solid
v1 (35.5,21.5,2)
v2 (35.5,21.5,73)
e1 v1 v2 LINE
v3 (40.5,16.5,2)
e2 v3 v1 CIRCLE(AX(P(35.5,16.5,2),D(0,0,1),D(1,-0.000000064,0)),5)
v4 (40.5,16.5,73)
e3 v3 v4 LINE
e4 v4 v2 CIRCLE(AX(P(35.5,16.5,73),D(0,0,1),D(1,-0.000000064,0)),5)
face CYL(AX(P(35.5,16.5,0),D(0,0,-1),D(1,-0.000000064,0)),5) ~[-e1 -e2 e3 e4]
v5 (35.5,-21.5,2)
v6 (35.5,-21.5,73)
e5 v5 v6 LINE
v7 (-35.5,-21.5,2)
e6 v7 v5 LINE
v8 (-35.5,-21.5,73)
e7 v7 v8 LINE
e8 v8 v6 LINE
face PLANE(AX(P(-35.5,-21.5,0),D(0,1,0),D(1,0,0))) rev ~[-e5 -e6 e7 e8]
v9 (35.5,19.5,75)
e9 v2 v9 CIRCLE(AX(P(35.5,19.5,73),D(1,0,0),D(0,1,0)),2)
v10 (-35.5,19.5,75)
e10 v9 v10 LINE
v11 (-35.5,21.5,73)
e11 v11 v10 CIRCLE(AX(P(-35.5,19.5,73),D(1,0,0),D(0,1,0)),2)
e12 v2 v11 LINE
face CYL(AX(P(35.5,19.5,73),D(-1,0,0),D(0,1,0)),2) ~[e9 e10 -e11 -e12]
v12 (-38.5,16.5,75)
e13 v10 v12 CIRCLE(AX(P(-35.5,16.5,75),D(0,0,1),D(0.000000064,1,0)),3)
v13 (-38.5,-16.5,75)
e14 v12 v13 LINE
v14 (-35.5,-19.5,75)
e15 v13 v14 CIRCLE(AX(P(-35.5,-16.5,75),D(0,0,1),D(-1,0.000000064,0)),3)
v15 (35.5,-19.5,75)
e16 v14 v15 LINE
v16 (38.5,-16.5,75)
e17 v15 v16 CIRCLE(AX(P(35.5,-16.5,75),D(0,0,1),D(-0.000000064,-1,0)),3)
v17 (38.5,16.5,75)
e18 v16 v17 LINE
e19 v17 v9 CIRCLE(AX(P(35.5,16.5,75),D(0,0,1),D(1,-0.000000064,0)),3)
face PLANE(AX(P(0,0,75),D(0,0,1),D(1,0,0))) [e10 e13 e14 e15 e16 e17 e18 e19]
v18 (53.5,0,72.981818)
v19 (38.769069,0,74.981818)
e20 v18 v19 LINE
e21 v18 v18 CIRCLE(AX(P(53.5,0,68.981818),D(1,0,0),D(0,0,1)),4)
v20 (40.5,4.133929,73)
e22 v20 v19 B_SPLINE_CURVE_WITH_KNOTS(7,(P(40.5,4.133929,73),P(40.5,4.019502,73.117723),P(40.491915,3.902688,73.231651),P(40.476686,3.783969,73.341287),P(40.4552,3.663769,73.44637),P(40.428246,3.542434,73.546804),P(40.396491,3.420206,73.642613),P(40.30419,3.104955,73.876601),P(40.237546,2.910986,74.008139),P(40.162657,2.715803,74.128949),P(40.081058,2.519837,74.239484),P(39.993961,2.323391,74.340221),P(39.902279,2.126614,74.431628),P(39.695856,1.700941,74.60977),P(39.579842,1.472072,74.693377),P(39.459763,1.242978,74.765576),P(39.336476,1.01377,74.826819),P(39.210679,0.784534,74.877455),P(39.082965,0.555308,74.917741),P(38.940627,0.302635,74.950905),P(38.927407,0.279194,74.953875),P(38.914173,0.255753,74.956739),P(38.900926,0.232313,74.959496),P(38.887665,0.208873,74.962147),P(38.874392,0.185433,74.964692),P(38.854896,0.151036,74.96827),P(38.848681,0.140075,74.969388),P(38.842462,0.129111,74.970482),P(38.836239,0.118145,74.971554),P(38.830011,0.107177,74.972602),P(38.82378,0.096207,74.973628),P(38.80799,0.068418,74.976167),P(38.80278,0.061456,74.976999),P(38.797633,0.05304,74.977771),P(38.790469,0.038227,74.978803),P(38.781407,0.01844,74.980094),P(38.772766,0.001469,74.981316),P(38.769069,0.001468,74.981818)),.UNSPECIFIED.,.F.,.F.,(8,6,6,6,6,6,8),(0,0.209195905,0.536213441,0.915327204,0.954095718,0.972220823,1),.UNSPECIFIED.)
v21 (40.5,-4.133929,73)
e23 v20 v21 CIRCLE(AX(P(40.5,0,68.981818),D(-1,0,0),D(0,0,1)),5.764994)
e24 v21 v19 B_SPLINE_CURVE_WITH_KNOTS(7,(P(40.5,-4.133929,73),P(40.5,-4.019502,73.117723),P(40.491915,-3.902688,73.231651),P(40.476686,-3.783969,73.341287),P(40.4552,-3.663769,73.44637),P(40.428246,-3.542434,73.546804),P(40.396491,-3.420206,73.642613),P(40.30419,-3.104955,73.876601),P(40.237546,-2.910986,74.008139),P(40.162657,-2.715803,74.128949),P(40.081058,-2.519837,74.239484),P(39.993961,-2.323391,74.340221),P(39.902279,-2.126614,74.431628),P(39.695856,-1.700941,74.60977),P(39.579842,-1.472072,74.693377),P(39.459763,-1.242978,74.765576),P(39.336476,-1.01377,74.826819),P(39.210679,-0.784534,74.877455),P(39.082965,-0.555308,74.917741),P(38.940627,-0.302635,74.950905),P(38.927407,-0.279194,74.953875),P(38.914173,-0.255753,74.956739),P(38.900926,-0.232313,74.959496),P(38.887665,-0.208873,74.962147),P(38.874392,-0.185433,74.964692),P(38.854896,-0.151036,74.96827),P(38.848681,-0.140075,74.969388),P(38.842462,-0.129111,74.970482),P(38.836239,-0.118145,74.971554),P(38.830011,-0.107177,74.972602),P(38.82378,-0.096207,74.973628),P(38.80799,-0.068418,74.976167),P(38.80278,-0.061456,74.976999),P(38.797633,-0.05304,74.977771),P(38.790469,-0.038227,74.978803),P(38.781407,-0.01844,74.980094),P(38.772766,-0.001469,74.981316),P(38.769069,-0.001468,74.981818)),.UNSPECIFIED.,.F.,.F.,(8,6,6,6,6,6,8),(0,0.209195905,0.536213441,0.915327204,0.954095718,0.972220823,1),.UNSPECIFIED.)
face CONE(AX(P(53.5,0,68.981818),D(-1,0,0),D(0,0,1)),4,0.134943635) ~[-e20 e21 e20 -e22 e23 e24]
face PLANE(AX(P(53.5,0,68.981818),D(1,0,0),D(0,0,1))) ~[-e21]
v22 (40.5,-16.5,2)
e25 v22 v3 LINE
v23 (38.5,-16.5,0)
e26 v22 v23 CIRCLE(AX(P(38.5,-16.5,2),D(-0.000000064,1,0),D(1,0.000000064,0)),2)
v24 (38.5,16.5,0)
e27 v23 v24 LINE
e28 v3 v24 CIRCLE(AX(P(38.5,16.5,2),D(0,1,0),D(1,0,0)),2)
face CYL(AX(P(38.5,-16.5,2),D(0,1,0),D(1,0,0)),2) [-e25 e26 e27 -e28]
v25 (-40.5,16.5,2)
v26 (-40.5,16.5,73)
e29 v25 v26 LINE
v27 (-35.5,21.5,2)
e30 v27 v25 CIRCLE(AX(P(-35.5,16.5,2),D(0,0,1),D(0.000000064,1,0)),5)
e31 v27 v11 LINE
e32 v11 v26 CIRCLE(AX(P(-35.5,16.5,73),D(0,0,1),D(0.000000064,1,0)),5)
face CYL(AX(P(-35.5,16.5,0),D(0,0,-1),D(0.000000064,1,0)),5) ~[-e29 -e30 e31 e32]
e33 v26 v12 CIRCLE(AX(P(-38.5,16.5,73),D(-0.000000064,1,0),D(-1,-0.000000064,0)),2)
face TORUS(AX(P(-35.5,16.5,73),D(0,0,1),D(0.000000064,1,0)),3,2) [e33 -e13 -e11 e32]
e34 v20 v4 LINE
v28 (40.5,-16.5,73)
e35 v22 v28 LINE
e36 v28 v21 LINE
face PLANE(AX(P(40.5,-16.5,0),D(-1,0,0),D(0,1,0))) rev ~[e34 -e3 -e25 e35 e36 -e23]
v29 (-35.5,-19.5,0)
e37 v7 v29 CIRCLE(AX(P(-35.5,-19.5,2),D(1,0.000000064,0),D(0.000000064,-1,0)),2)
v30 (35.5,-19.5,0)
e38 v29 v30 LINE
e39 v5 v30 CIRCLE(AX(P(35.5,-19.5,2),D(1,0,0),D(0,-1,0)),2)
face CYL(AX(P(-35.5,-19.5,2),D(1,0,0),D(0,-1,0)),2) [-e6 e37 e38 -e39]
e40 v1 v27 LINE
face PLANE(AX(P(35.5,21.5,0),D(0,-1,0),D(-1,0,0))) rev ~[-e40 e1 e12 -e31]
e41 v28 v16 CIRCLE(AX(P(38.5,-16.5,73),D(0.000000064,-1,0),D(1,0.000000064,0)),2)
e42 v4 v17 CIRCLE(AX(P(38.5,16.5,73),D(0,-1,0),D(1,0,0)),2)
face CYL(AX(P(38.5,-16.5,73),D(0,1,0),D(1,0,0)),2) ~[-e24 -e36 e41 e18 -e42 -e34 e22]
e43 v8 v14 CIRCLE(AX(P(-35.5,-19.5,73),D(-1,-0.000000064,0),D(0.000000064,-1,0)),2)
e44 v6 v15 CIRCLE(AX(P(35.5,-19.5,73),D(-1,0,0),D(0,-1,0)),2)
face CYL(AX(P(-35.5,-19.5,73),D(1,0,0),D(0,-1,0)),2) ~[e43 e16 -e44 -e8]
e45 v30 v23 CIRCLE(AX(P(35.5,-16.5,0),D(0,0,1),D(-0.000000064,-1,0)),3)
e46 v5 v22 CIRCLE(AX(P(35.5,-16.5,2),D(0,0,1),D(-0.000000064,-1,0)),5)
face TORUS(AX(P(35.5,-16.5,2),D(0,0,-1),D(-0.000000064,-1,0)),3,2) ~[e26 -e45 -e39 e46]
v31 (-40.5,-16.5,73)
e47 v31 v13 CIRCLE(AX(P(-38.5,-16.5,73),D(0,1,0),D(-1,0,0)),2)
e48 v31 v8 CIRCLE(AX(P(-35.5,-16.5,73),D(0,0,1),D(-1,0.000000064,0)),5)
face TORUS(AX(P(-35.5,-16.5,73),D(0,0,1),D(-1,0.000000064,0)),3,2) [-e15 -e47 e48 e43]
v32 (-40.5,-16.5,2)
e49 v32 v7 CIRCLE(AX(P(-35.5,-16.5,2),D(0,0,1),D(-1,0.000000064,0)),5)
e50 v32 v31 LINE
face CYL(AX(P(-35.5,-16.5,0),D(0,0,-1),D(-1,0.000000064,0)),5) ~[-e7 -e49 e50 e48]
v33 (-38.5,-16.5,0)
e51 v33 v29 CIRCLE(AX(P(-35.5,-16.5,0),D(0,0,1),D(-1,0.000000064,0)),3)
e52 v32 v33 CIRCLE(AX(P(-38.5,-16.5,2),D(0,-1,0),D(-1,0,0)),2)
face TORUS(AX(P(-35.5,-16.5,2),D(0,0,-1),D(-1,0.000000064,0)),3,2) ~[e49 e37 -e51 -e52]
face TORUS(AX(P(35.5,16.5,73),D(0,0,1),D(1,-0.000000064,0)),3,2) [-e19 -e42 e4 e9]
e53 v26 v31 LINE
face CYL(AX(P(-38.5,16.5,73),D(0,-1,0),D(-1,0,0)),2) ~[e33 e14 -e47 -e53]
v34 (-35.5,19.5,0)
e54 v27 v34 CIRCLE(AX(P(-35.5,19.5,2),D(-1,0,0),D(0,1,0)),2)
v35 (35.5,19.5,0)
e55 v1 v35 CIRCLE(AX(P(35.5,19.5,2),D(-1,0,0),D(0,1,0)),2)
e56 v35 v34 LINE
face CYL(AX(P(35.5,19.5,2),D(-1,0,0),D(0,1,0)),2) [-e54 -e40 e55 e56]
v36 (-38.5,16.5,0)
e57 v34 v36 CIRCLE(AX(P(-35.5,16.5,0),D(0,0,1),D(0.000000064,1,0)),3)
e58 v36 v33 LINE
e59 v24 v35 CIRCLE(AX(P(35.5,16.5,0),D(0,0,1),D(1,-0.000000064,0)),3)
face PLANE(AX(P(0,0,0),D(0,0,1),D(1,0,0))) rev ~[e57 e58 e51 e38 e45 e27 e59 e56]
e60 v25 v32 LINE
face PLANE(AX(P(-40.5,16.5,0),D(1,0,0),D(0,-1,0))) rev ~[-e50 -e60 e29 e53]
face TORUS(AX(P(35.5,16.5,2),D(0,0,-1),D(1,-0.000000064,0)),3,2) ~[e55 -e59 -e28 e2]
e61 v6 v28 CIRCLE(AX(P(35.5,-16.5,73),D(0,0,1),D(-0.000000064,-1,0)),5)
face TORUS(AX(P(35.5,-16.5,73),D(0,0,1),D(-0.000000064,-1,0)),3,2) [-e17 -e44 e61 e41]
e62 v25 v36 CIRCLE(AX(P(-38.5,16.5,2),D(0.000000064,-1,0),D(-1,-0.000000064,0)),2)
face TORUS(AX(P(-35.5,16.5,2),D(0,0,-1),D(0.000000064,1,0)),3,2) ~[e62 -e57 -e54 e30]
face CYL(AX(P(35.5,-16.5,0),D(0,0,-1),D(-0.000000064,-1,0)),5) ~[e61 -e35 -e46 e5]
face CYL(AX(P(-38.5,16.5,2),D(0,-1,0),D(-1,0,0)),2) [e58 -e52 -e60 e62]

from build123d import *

# Parameters (mm, degrees)
F1_DEPTH = 75
F2_R     = 2


with BuildPart() as f1:
    # F0 (on Top) → F1 (new body)
    with BuildSketch(Plane.XY):
        with BuildLine():
            Line((35.5, 21.5), (-35.5, 21.5))
            ThreePointArc((-35.5, 21.5), (-39.035534, 20.035534), (-40.5, 16.5))
            Line((-40.5, 16.5), (-40.5, -16.5))
            ThreePointArc((-40.5, -16.5), (-39.035534, -20.035534), (-35.5, -21.5))
            Line((-35.5, -21.5), (35.5, -21.5))
            ThreePointArc((35.5, -21.5), (39.035534, -20.035534), (40.5, -16.5))
            Line((40.5, -16.5), (40.5, 16.5))
            ThreePointArc((40.5, 16.5), (39.035534, 20.035534), (35.5, 21.5))
        make_face()
    extrude(amount=F1_DEPTH)

    # F2
    f2_edges = [f1.edges().sort_by_distance(p)[0] for p in [
        (0, 21.5, 75),
        (-39.035534, 20.035534, 75),
        (-40.5, 0, 75),
        (-39.035534, -20.035534, 75),
        (0, -21.5, 75),
        (39.035534, -20.035534, 75),
        (40.5, 0, 75),
        (39.035534, 20.035534, 75),
        (0, 21.5, 0),
        (-39.035534, 20.035534, 0),
        (-40.5, 0, 0),
        (-39.035534, -20.035534, 0),
        (0, -21.5, 0),
        (39.035534, -20.035534, 0),
        (40.5, 0, 0),
        (39.035534, 20.035534, 0),
    ]]
    fillet(f2_edges, radius=F2_R)

    # F3 (on Front) → F4 (revolve)
    with BuildSketch(Plane.XZ):
        Polygon((38.769069, 74.981818), (40.5, 68.981818), (53.5, 68.981818), (53.5, 72.981818), align=None)
    revolve(axis=Axis((47, 0, 68.981818), (1, 0, 0)))


solid = f1.part
